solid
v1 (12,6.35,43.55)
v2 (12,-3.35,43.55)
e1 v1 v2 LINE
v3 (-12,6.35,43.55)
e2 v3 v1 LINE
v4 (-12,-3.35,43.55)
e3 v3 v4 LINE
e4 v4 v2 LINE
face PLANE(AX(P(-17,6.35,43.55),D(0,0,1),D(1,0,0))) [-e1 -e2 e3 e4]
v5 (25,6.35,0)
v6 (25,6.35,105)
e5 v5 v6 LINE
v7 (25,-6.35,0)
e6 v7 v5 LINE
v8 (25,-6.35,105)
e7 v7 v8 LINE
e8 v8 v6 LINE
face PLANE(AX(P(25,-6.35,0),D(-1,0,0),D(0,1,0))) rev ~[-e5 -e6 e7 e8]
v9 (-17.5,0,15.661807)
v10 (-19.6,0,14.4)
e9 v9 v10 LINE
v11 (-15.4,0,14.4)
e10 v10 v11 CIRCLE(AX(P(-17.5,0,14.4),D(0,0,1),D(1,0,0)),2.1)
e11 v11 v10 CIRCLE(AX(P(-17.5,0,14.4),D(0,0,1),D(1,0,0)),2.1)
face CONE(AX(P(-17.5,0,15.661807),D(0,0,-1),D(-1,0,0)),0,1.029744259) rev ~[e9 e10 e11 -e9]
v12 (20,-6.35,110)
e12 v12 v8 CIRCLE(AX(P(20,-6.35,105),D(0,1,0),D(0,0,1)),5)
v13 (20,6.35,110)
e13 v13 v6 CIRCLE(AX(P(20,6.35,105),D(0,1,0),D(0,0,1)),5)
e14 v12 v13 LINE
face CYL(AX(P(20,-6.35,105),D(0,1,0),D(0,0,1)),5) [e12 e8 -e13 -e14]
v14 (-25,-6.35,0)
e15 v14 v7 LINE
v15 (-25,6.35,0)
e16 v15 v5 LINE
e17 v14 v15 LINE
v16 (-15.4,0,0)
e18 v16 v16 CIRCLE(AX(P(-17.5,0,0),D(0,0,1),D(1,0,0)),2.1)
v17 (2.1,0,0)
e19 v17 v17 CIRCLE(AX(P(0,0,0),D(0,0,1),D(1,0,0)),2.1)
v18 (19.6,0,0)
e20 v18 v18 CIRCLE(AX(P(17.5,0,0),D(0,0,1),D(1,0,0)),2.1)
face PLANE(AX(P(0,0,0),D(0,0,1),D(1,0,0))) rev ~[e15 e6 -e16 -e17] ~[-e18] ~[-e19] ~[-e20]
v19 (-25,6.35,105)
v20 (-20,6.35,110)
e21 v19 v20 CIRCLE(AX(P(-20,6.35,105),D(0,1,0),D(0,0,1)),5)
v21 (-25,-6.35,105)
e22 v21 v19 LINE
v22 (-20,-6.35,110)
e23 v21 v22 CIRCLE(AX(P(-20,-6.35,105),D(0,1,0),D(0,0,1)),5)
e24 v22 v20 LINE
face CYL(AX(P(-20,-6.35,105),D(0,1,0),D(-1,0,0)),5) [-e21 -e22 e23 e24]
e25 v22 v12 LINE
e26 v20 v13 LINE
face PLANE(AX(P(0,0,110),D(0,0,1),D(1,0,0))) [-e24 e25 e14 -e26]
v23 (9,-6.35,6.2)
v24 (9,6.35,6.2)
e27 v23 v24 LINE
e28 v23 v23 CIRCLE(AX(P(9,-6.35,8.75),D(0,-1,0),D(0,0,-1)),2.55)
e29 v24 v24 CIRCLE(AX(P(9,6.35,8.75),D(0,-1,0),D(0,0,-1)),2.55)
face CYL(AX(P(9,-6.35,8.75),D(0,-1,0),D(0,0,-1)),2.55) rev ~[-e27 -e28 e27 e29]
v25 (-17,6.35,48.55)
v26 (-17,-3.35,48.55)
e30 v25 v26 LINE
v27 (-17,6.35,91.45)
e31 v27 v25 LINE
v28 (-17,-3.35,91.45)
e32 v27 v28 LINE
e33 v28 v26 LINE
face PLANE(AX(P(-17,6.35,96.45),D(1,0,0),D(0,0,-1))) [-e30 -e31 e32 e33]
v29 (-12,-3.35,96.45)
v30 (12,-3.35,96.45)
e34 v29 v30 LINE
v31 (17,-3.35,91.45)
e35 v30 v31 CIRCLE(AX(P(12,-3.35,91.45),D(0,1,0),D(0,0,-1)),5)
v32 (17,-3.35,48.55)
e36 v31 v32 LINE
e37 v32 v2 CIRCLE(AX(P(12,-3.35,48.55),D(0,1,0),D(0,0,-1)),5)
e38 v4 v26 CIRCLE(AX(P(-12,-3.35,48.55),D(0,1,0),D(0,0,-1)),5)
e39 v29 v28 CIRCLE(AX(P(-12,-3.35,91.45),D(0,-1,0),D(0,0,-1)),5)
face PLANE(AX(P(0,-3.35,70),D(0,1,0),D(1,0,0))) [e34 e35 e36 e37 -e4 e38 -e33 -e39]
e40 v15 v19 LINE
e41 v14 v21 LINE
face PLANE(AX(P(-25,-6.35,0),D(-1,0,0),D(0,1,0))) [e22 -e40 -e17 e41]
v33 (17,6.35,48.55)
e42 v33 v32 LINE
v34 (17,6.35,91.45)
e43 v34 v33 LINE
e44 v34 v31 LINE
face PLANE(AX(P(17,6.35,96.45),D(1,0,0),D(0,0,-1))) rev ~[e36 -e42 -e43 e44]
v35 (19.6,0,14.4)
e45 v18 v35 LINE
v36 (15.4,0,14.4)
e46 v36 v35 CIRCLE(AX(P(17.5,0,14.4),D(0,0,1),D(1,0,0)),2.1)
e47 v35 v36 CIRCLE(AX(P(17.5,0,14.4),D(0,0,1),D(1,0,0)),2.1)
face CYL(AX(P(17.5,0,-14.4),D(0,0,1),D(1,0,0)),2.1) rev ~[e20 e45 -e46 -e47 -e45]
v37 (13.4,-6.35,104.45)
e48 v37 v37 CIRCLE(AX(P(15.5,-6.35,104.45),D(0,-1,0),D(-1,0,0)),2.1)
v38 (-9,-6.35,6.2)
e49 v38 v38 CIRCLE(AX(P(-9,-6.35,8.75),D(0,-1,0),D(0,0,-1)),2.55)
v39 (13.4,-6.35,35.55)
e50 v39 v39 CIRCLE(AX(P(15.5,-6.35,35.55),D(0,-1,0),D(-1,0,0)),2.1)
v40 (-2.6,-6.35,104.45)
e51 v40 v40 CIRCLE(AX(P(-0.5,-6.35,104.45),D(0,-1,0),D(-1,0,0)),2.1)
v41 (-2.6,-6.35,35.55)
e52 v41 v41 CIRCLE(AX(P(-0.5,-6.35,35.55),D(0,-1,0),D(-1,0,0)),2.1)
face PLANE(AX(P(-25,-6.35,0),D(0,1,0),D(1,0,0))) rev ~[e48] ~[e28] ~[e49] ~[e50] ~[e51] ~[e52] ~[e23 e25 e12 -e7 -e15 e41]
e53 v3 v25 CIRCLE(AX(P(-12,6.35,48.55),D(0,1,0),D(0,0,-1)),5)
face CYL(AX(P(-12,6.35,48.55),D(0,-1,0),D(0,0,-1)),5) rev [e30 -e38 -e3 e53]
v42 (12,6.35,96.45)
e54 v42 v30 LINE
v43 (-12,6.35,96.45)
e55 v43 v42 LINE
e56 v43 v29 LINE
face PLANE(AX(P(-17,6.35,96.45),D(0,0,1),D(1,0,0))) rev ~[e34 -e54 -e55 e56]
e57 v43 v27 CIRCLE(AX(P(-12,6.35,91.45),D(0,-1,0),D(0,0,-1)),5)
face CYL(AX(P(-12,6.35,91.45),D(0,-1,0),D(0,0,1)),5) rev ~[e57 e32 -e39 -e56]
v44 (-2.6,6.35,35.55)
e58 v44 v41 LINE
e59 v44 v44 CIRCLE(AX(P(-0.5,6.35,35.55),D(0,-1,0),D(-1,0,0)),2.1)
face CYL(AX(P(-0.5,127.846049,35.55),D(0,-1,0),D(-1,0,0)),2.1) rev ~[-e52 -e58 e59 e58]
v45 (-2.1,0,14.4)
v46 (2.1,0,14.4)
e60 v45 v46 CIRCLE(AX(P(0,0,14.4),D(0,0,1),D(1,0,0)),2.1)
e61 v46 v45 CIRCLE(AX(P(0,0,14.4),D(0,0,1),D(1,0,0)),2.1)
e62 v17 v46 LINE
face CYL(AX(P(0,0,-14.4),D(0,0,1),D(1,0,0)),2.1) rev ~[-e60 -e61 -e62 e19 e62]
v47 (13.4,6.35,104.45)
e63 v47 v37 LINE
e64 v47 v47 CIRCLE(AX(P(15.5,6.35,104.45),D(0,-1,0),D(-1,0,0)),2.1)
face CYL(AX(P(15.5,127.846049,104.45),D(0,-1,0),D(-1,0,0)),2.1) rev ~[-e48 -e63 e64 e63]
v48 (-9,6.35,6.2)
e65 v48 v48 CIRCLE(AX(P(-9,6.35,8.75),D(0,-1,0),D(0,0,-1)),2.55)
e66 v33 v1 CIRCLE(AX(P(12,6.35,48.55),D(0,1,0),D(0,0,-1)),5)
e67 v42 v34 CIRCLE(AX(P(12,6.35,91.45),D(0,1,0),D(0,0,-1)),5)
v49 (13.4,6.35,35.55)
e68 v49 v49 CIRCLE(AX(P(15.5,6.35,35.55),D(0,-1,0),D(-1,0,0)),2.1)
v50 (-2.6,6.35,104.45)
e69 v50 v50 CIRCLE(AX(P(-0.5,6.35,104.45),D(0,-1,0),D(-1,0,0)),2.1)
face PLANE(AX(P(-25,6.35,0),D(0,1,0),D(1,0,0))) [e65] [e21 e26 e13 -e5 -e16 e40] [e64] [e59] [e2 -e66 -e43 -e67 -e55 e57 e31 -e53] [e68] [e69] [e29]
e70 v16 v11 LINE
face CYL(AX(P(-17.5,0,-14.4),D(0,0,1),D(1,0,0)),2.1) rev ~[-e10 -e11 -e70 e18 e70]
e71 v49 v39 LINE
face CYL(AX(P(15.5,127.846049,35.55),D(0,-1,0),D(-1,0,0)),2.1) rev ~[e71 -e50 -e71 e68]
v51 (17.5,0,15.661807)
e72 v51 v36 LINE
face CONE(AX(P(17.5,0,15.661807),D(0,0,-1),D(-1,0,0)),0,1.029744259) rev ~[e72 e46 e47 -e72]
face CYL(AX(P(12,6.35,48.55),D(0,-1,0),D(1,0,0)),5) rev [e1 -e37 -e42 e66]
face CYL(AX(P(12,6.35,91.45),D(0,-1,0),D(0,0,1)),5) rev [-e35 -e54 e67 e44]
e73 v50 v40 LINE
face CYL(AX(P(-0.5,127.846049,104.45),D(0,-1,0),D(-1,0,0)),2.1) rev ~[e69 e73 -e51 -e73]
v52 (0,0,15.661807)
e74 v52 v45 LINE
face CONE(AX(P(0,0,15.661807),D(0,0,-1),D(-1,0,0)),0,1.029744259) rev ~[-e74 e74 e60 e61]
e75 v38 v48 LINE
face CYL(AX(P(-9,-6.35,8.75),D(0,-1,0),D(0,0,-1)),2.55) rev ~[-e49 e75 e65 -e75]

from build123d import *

# Parameters (mm, degrees)
SKETCH12_W                = 50
SKETCH12_H                = 12.7
BOSS_EXTRUDE1_DEPTH       = 110
M5X0_8_TAPPED_HOLE2_D     = 4.2
M5X0_8_TAPPED_HOLE2_DEPTH = 14.4
M5X0_8_TAPPED_HOLE2_TIP   = 1.2618073
M5X0_8_TAPPED_HOLE3_D     = 4.2
SKETCH23_R                = 2.55
CUT_EXTRUDE2_DEPTH        = 114.517795962
SKETCH26_W                = 34
SKETCH26_H                = 52.9
CUT_EXTRUDE1_DEPTH        = 9.7
FILLET1_R                 = 5


with BuildPart() as part:
    # Sketch12 → Boss-Extrude1 (new body)
    with BuildSketch(Plane.XY):
        Rectangle(SKETCH12_W, SKETCH12_H)
    extrude(amount=BOSS_EXTRUDE1_DEPTH)

    # M5x0.8 Tapped Hole2
    with Locations(Plane(origin=(0, 0, 0), x_dir=(-1, 0, 0), z_dir=(0, 0, -1))):
        with Locations((-17.5, 0), (0, 0), (17.5, 0)):
            Hole(M5X0_8_TAPPED_HOLE2_D / 2, depth=M5X0_8_TAPPED_HOLE2_DEPTH)
            with Locations((0, 0, -(M5X0_8_TAPPED_HOLE2_DEPTH + M5X0_8_TAPPED_HOLE2_TIP / 2))):  # 118° drill point
                Cone(0, M5X0_8_TAPPED_HOLE2_D / 2, M5X0_8_TAPPED_HOLE2_TIP, mode=Mode.SUBTRACT)

    # M5x0.8 Tapped Hole3 (through all)
    with Locations(Plane(origin=(0, 6.35, 0), x_dir=(1, 0, 0), z_dir=(0, 1, 0))):
        with Locations((-0.5, -35.55), (15.5, -35.55), (15.5, -104.45), (-0.5, -104.45)):
            Hole(M5X0_8_TAPPED_HOLE3_D / 2)

    # Sketch23 → Cut-Extrude2 (cut, through all)
    with BuildSketch(Plane.XZ.offset(6.35)):
        with Locations(Location((-9, 8.75, 0), (0, 0, 270))):
            Circle(SKETCH23_R)
        with Locations(Location((9, 8.75, 0), (0, 0, 270))):
            Circle(SKETCH23_R)
    extrude(amount=-CUT_EXTRUDE2_DEPTH, mode=Mode.SUBTRACT)

    # Sketch26 → Cut-Extrude1 (cut)
    with BuildSketch(Plane(origin=(0, 6.35, 0), x_dir=(1, 0, 0), z_dir=(0, 1, 0))):
        with Locations((0, -70)):
            Rectangle(SKETCH26_W, SKETCH26_H)
    extrude(amount=-CUT_EXTRUDE1_DEPTH, mode=Mode.SUBTRACT)

    # Fillet1
    fillet1_edges = [part.edges().sort_by_distance(p)[0] for p in [
        (-25, 0, 110),
        (25, 0, 110),
        (-17, 1.5, 96.45),
        (-17, 1.5, 43.55),
        (17, 1.5, 43.55),
        (17, 1.5, 96.45),
    ]]
    fillet(fillet1_edges, radius=FILLET1_R)


solid = part.part
